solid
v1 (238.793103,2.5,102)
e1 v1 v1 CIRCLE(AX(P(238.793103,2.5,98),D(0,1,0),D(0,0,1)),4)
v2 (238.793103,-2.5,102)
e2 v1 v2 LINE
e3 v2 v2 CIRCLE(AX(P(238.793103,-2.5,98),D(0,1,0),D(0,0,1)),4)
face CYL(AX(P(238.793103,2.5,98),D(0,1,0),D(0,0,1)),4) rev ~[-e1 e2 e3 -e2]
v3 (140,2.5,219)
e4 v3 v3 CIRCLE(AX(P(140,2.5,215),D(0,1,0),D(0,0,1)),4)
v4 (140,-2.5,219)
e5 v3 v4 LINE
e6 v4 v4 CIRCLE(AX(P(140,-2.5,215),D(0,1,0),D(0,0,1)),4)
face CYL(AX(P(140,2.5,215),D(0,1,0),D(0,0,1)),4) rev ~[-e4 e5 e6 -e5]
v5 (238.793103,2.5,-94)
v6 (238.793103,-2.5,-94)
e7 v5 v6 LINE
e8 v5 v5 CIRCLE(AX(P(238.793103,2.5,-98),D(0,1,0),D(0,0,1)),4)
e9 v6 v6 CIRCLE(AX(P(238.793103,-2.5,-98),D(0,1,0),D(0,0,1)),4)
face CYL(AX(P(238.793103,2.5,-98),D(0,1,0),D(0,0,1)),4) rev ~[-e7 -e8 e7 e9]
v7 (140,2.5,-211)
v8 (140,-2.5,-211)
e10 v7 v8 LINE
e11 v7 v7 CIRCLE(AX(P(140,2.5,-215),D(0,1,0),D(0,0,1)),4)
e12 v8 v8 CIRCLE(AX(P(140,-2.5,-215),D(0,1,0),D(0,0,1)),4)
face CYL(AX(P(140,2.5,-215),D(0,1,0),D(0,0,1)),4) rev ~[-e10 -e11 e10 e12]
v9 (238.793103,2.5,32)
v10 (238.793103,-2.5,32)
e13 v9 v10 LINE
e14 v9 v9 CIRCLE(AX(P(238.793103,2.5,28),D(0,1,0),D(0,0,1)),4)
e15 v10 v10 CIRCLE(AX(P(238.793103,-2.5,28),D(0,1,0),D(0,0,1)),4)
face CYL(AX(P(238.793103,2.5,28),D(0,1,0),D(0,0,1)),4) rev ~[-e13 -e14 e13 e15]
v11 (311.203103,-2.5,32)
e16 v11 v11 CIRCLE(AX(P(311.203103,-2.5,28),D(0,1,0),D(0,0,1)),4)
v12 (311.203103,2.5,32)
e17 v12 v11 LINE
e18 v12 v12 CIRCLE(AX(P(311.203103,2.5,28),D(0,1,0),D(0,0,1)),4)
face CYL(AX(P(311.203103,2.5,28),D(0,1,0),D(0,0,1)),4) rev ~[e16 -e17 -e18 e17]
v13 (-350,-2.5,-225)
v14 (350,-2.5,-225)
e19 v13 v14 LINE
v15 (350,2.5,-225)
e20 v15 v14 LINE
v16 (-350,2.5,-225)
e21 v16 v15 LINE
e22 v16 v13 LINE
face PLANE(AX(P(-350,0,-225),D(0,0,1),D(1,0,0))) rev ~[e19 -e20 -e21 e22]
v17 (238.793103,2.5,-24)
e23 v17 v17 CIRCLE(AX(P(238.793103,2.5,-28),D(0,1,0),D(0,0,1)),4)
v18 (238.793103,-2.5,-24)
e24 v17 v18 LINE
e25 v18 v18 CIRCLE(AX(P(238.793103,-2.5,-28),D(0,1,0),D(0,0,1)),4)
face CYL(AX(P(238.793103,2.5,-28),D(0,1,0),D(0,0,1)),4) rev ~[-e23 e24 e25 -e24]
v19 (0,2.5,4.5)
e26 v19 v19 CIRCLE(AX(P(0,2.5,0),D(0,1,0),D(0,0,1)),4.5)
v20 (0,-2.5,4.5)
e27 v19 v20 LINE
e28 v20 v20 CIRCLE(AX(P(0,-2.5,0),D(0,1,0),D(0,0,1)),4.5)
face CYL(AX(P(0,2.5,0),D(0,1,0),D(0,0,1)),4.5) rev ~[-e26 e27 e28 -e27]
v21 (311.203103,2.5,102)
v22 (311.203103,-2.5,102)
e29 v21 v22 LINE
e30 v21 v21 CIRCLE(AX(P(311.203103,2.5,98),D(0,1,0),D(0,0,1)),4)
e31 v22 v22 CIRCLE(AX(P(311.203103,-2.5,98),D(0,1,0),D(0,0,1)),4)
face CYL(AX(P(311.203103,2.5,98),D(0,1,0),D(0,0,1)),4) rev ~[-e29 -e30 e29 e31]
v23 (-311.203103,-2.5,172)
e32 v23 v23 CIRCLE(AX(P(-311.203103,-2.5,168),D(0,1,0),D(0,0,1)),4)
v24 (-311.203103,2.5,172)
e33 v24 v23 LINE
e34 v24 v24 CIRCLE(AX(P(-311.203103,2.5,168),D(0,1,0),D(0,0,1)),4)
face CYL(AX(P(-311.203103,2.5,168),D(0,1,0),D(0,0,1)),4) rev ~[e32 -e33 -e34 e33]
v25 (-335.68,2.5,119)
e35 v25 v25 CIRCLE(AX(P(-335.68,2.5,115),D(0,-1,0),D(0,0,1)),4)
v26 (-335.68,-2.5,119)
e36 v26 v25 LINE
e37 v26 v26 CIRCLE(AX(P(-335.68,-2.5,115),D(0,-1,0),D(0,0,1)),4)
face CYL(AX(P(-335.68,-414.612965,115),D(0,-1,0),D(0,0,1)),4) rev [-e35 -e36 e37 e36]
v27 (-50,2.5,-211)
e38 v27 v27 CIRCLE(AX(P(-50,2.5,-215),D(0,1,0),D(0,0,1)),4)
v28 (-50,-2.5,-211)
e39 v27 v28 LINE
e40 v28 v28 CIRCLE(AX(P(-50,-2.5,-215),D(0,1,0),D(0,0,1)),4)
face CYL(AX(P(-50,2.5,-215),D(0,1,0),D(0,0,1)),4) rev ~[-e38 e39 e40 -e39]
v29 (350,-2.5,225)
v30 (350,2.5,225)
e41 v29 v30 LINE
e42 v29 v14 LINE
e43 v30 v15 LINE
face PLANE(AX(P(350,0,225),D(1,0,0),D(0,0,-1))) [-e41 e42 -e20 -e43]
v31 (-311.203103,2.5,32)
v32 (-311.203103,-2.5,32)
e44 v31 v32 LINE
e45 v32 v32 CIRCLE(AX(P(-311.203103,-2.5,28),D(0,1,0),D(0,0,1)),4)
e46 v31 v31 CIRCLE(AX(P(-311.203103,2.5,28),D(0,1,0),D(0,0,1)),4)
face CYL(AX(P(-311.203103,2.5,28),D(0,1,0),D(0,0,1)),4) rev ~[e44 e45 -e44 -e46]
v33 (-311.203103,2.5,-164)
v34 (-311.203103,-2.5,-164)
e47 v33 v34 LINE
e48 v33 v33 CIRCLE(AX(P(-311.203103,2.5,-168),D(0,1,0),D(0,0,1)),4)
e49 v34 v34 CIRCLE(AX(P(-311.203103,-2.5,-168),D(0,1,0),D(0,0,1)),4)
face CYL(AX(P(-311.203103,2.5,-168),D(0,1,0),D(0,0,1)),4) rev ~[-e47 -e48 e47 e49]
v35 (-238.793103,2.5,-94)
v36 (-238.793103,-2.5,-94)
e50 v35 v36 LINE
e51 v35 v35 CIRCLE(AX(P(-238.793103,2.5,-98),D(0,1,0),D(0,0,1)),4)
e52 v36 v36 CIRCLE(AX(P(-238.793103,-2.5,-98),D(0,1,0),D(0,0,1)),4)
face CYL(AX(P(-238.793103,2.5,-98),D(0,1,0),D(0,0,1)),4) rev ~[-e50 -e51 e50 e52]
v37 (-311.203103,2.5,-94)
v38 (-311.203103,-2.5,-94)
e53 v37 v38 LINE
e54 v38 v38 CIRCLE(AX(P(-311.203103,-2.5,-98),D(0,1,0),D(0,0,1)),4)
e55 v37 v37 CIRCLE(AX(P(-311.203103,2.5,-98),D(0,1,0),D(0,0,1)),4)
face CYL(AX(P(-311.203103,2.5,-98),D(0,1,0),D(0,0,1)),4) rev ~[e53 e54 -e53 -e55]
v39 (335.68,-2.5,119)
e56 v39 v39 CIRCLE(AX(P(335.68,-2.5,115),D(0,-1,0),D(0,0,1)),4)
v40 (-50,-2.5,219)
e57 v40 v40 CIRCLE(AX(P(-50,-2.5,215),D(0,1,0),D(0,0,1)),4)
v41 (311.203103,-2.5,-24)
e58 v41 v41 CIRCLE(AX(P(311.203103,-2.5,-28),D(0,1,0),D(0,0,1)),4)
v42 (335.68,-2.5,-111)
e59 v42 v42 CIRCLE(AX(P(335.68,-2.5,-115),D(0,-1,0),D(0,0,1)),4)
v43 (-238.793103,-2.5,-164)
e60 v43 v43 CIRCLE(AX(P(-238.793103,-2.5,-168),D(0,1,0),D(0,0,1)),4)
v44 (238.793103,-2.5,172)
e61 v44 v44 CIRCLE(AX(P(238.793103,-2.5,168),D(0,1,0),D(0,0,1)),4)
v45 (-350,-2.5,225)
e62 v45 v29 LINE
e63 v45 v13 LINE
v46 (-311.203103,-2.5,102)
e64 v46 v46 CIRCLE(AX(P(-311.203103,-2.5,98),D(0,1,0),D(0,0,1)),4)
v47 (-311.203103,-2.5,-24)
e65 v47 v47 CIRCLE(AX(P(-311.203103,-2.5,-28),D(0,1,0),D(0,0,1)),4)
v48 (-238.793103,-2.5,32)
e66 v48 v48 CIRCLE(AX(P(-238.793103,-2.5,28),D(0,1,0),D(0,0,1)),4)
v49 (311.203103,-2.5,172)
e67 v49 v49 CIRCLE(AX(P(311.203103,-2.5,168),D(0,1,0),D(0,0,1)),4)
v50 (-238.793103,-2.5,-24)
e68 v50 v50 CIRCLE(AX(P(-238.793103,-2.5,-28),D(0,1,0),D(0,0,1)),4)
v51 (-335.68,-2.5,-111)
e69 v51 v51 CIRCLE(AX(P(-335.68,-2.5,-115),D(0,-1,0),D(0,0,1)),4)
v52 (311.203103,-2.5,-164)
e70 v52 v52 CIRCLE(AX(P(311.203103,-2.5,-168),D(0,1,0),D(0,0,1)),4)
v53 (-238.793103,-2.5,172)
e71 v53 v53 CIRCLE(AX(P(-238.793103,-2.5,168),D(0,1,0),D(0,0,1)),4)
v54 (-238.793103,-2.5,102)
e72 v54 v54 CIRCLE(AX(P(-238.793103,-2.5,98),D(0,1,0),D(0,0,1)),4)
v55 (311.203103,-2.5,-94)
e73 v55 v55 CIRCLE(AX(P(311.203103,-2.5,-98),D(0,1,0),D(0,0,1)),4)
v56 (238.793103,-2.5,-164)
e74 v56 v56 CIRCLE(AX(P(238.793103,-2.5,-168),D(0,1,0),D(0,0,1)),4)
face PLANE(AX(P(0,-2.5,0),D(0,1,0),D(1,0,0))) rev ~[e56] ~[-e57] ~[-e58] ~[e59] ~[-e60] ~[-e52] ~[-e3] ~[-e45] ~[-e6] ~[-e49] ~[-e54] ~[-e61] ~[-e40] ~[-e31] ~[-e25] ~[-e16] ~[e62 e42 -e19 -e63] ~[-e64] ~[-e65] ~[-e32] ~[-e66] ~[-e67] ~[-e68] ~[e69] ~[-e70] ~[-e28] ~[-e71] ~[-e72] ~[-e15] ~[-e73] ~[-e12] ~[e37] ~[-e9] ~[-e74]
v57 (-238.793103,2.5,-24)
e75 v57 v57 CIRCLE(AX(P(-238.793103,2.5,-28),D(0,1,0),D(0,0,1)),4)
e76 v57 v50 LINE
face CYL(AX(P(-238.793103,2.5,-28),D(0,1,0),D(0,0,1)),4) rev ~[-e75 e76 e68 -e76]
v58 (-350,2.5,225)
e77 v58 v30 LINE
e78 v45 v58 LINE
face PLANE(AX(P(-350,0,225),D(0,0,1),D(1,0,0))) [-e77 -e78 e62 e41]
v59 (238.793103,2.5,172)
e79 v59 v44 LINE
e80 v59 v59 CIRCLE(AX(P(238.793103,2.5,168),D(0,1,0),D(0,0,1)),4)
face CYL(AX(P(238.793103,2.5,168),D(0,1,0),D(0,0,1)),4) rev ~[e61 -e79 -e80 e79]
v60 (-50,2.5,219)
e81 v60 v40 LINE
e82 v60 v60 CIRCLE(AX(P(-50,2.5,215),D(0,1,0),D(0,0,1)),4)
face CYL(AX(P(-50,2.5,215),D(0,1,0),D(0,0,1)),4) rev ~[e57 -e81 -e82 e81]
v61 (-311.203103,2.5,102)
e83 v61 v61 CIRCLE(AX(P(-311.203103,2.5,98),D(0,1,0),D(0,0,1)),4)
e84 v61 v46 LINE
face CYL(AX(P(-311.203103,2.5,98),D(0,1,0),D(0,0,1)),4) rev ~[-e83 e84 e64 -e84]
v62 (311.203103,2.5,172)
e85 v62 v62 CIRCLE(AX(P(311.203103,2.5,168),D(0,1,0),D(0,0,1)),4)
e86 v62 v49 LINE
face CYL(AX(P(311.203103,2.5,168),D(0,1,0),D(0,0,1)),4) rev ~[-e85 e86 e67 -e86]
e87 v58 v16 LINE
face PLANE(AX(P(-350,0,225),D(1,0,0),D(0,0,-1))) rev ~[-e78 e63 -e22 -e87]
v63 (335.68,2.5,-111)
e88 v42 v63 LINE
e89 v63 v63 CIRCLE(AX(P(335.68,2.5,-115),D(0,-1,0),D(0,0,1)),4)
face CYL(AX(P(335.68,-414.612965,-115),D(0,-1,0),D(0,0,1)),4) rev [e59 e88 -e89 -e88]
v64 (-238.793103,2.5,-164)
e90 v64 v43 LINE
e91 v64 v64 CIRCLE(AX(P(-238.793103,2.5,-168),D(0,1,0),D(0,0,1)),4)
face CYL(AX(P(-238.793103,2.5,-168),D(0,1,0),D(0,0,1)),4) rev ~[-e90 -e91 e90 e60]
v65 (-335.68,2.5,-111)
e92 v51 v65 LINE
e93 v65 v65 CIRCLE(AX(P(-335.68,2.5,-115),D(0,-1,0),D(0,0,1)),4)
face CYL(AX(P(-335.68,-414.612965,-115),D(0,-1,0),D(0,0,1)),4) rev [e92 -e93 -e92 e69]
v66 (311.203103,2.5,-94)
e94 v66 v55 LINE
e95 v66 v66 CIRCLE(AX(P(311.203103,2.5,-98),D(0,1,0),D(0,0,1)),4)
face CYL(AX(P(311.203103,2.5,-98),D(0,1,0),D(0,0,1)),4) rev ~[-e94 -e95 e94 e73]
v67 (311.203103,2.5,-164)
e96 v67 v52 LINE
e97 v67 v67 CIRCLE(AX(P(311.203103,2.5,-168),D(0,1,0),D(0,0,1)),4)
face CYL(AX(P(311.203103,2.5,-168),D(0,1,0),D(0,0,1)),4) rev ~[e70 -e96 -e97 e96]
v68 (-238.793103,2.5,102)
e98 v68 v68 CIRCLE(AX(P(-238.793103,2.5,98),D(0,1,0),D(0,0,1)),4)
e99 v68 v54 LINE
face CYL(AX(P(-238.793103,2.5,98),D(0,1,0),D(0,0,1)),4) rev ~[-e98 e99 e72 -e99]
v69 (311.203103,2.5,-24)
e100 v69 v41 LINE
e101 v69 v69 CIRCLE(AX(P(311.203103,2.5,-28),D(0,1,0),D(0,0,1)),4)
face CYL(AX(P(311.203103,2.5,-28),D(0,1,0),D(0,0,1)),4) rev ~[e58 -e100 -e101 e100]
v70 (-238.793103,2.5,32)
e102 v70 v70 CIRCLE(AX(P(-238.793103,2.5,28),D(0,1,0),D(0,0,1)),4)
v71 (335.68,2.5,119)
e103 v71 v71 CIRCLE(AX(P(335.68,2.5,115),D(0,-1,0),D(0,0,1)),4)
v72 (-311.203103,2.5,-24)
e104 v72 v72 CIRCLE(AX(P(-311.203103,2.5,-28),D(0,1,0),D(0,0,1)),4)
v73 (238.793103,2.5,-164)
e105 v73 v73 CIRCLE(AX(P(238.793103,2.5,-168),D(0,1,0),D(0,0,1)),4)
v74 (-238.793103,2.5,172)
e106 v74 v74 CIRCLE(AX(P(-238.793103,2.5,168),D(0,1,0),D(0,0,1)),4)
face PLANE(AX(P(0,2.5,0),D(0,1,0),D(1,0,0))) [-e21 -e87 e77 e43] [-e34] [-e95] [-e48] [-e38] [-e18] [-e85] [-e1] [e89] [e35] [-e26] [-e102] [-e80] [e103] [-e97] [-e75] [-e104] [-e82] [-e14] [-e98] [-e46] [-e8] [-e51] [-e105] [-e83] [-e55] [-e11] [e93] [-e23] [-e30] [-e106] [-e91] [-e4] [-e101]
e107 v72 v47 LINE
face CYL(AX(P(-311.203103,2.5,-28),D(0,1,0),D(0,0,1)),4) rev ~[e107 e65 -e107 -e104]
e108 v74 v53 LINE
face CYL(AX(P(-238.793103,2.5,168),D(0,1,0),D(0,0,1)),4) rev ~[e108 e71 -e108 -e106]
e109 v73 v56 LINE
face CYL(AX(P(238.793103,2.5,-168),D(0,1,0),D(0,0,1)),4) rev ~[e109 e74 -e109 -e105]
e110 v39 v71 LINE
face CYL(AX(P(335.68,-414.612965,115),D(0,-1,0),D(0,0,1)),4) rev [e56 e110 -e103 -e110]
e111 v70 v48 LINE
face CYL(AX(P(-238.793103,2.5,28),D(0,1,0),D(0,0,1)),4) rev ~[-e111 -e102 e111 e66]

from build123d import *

# Parameters (mm, degrees)
SKETCH2_W               = 700
SKETCH2_H               = 450
BOSS_EXTRUDE1_DEPTH     = 2.5
SKETCH6_R               = 4
CUT_EXTRUDE2_DEPTH      = 417.112965431
CUT_EXTRUDE4_REACH      = 418.113
SKETCH8_R               = 4.5
SKETCH9_R               = 4
CUT_EXTRUDE5_DEPTH      = 417.112965431
CUT_EXTRUDE6_DEPTH      = 417.112965431
CUT_EXTRUDE6_DEPTH_BACK = 417.112965431
SKETCH10_R              = 4


with BuildPart() as part:
    # Sketch2 → Boss-Extrude1 (new, symmetric)
    with BuildSketch(Plane(origin=(0, 0, 0), x_dir=(1, 0, 0), z_dir=(0, 1, 0))):
        Rectangle(SKETCH2_W, SKETCH2_H)
    extrude(amount=BOSS_EXTRUDE1_DEPTH, both=True)

    # Sketch6 → Cut-Extrude2 (cut, through all)
    with BuildSketch(Plane(origin=(0, 2.5, 0), x_dir=(1, 0, 0), z_dir=(0, 1, 0))):
        with Locations(Location((-311.203103448, 168, 0), (0, 0, 270))):
            Circle(SKETCH6_R)
        with Locations(Location((-238.793103448, 168, 0), (0, 0, 270))):
            Circle(SKETCH6_R)
        with Locations(Location((-238.793103448, 98, 0), (0, 0, 270))):
            Circle(SKETCH6_R)
        with Locations(Location((-311.203103448, 98, 0), (0, 0, 270))):
            Circle(SKETCH6_R)
        with Locations(Location((-311.203103448, 28, 0), (0, 0, 270))):
            Circle(SKETCH6_R)
        with Locations(Location((-238.793103448, 28, 0), (0, 0, 270))):
            Circle(SKETCH6_R)
        with Locations(Location((238.793103448, 168, 0), (0, 0, 270))):
            Circle(SKETCH6_R)
        with Locations(Location((311.203103448, 168, 0), (0, 0, 270))):
            Circle(SKETCH6_R)
        with Locations(Location((311.203103448, 98, 0), (0, 0, 270))):
            Circle(SKETCH6_R)
        with Locations(Location((238.793103448, 98, 0), (0, 0, 270))):
            Circle(SKETCH6_R)
        with Locations(Location((238.793103448, 28, 0), (0, 0, 270))):
            Circle(SKETCH6_R)
        with Locations(Location((311.203103448, 28, 0), (0, 0, 270))):
            Circle(SKETCH6_R)
        with Locations(Location((-311.203103448, -28, 0), (0, 0, 270))):
            Circle(SKETCH6_R)
        with Locations(Location((-238.793103448, -28, 0), (0, 0, 270))):
            Circle(SKETCH6_R)
        with Locations(Location((-238.793103448, -98, 0), (0, 0, 270))):
            Circle(SKETCH6_R)
        with Locations(Location((-311.203103448, -98, 0), (0, 0, 270))):
            Circle(SKETCH6_R)
        with Locations(Location((-311.203103448, -168, 0), (0, 0, 270))):
            Circle(SKETCH6_R)
        with Locations(Location((-238.793103448, -168, 0), (0, 0, 270))):
            Circle(SKETCH6_R)
        with Locations(Location((238.793103448, -28, 0), (0, 0, 270))):
            Circle(SKETCH6_R)
        with Locations(Location((311.203103448, -28, 0), (0, 0, 270))):
            Circle(SKETCH6_R)
        with Locations(Location((311.203103448, -98, 0), (0, 0, 270))):
            Circle(SKETCH6_R)
        with Locations(Location((238.793103448, -98, 0), (0, 0, 270))):
            Circle(SKETCH6_R)
        with Locations(Location((238.793103448, -168, 0), (0, 0, 270))):
            Circle(SKETCH6_R)
        with Locations(Location((311.203103448, -168, 0), (0, 0, 270))):
            Circle(SKETCH6_R)
    extrude(amount=-CUT_EXTRUDE2_DEPTH, mode=Mode.SUBTRACT)

    # Sketch8 → Cut-Extrude4 (cut, up to next)
    with BuildSketch(Plane(origin=(0, 2.5, 0), x_dir=(1, 0, 0), z_dir=(0, 1, 0)), mode=Mode.PRIVATE) as cut_extrude4_sk1:
        with Locations(Location((0, 0, 0), (0, 0, 270))):
            Circle(SKETCH8_R)
    cut_extrude4_tool1 = extrude(cut_extrude4_sk1.sketch, amount=-CUT_EXTRUDE4_REACH, mode=Mode.PRIVATE) & part.part
    add(cut_extrude4_tool1.solids().sort_by_distance((0, 2.5, 0))[0], mode=Mode.SUBTRACT)

    # Sketch9 → Cut-Extrude5 (cut, through all)
    with BuildSketch(Plane(origin=(0, 2.5, 0), x_dir=(1, 0, 0), z_dir=(0, 1, 0))):
        with Locations(Location((-50, -215, 0), (0, 0, 270))):
            Circle(SKETCH9_R)
        with Locations(Location((140, -215, 0), (0, 0, 270))):
            Circle(SKETCH9_R)
        with Locations(Location((-50, 215, 0), (0, 0, 270))):
            Circle(SKETCH9_R)
        with Locations(Location((140, 215, 0), (0, 0, 270))):
            Circle(SKETCH9_R)
    extrude(amount=-CUT_EXTRUDE5_DEPTH, mode=Mode.SUBTRACT)

    # Sketch10 → Cut-Extrude6 (cut, two sides: drawn at the far end of the back side and taken through both)
    with BuildSketch(Plane(origin=(0, 2.5, 0), x_dir=(1, 0, 0), z_dir=(0, 1, 0)).offset(-CUT_EXTRUDE6_DEPTH_BACK)):
        with Locations(Location((-335.68, 115, 0), (0, 0, 270))):
            Circle(SKETCH10_R)
        with Locations(Location((-335.68, -115, 0), (0, 0, 270))):
            Circle(SKETCH10_R)
        with Locations(Location((335.68, 115, 0), (0, 0, 270))):
            Circle(SKETCH10_R)
        with Locations(Location((335.68, -115, 0), (0, 0, 270))):
            Circle(SKETCH10_R)
    extrude(amount=CUT_EXTRUDE6_DEPTH + CUT_EXTRUDE6_DEPTH_BACK, mode=Mode.SUBTRACT)


solid = part.part
